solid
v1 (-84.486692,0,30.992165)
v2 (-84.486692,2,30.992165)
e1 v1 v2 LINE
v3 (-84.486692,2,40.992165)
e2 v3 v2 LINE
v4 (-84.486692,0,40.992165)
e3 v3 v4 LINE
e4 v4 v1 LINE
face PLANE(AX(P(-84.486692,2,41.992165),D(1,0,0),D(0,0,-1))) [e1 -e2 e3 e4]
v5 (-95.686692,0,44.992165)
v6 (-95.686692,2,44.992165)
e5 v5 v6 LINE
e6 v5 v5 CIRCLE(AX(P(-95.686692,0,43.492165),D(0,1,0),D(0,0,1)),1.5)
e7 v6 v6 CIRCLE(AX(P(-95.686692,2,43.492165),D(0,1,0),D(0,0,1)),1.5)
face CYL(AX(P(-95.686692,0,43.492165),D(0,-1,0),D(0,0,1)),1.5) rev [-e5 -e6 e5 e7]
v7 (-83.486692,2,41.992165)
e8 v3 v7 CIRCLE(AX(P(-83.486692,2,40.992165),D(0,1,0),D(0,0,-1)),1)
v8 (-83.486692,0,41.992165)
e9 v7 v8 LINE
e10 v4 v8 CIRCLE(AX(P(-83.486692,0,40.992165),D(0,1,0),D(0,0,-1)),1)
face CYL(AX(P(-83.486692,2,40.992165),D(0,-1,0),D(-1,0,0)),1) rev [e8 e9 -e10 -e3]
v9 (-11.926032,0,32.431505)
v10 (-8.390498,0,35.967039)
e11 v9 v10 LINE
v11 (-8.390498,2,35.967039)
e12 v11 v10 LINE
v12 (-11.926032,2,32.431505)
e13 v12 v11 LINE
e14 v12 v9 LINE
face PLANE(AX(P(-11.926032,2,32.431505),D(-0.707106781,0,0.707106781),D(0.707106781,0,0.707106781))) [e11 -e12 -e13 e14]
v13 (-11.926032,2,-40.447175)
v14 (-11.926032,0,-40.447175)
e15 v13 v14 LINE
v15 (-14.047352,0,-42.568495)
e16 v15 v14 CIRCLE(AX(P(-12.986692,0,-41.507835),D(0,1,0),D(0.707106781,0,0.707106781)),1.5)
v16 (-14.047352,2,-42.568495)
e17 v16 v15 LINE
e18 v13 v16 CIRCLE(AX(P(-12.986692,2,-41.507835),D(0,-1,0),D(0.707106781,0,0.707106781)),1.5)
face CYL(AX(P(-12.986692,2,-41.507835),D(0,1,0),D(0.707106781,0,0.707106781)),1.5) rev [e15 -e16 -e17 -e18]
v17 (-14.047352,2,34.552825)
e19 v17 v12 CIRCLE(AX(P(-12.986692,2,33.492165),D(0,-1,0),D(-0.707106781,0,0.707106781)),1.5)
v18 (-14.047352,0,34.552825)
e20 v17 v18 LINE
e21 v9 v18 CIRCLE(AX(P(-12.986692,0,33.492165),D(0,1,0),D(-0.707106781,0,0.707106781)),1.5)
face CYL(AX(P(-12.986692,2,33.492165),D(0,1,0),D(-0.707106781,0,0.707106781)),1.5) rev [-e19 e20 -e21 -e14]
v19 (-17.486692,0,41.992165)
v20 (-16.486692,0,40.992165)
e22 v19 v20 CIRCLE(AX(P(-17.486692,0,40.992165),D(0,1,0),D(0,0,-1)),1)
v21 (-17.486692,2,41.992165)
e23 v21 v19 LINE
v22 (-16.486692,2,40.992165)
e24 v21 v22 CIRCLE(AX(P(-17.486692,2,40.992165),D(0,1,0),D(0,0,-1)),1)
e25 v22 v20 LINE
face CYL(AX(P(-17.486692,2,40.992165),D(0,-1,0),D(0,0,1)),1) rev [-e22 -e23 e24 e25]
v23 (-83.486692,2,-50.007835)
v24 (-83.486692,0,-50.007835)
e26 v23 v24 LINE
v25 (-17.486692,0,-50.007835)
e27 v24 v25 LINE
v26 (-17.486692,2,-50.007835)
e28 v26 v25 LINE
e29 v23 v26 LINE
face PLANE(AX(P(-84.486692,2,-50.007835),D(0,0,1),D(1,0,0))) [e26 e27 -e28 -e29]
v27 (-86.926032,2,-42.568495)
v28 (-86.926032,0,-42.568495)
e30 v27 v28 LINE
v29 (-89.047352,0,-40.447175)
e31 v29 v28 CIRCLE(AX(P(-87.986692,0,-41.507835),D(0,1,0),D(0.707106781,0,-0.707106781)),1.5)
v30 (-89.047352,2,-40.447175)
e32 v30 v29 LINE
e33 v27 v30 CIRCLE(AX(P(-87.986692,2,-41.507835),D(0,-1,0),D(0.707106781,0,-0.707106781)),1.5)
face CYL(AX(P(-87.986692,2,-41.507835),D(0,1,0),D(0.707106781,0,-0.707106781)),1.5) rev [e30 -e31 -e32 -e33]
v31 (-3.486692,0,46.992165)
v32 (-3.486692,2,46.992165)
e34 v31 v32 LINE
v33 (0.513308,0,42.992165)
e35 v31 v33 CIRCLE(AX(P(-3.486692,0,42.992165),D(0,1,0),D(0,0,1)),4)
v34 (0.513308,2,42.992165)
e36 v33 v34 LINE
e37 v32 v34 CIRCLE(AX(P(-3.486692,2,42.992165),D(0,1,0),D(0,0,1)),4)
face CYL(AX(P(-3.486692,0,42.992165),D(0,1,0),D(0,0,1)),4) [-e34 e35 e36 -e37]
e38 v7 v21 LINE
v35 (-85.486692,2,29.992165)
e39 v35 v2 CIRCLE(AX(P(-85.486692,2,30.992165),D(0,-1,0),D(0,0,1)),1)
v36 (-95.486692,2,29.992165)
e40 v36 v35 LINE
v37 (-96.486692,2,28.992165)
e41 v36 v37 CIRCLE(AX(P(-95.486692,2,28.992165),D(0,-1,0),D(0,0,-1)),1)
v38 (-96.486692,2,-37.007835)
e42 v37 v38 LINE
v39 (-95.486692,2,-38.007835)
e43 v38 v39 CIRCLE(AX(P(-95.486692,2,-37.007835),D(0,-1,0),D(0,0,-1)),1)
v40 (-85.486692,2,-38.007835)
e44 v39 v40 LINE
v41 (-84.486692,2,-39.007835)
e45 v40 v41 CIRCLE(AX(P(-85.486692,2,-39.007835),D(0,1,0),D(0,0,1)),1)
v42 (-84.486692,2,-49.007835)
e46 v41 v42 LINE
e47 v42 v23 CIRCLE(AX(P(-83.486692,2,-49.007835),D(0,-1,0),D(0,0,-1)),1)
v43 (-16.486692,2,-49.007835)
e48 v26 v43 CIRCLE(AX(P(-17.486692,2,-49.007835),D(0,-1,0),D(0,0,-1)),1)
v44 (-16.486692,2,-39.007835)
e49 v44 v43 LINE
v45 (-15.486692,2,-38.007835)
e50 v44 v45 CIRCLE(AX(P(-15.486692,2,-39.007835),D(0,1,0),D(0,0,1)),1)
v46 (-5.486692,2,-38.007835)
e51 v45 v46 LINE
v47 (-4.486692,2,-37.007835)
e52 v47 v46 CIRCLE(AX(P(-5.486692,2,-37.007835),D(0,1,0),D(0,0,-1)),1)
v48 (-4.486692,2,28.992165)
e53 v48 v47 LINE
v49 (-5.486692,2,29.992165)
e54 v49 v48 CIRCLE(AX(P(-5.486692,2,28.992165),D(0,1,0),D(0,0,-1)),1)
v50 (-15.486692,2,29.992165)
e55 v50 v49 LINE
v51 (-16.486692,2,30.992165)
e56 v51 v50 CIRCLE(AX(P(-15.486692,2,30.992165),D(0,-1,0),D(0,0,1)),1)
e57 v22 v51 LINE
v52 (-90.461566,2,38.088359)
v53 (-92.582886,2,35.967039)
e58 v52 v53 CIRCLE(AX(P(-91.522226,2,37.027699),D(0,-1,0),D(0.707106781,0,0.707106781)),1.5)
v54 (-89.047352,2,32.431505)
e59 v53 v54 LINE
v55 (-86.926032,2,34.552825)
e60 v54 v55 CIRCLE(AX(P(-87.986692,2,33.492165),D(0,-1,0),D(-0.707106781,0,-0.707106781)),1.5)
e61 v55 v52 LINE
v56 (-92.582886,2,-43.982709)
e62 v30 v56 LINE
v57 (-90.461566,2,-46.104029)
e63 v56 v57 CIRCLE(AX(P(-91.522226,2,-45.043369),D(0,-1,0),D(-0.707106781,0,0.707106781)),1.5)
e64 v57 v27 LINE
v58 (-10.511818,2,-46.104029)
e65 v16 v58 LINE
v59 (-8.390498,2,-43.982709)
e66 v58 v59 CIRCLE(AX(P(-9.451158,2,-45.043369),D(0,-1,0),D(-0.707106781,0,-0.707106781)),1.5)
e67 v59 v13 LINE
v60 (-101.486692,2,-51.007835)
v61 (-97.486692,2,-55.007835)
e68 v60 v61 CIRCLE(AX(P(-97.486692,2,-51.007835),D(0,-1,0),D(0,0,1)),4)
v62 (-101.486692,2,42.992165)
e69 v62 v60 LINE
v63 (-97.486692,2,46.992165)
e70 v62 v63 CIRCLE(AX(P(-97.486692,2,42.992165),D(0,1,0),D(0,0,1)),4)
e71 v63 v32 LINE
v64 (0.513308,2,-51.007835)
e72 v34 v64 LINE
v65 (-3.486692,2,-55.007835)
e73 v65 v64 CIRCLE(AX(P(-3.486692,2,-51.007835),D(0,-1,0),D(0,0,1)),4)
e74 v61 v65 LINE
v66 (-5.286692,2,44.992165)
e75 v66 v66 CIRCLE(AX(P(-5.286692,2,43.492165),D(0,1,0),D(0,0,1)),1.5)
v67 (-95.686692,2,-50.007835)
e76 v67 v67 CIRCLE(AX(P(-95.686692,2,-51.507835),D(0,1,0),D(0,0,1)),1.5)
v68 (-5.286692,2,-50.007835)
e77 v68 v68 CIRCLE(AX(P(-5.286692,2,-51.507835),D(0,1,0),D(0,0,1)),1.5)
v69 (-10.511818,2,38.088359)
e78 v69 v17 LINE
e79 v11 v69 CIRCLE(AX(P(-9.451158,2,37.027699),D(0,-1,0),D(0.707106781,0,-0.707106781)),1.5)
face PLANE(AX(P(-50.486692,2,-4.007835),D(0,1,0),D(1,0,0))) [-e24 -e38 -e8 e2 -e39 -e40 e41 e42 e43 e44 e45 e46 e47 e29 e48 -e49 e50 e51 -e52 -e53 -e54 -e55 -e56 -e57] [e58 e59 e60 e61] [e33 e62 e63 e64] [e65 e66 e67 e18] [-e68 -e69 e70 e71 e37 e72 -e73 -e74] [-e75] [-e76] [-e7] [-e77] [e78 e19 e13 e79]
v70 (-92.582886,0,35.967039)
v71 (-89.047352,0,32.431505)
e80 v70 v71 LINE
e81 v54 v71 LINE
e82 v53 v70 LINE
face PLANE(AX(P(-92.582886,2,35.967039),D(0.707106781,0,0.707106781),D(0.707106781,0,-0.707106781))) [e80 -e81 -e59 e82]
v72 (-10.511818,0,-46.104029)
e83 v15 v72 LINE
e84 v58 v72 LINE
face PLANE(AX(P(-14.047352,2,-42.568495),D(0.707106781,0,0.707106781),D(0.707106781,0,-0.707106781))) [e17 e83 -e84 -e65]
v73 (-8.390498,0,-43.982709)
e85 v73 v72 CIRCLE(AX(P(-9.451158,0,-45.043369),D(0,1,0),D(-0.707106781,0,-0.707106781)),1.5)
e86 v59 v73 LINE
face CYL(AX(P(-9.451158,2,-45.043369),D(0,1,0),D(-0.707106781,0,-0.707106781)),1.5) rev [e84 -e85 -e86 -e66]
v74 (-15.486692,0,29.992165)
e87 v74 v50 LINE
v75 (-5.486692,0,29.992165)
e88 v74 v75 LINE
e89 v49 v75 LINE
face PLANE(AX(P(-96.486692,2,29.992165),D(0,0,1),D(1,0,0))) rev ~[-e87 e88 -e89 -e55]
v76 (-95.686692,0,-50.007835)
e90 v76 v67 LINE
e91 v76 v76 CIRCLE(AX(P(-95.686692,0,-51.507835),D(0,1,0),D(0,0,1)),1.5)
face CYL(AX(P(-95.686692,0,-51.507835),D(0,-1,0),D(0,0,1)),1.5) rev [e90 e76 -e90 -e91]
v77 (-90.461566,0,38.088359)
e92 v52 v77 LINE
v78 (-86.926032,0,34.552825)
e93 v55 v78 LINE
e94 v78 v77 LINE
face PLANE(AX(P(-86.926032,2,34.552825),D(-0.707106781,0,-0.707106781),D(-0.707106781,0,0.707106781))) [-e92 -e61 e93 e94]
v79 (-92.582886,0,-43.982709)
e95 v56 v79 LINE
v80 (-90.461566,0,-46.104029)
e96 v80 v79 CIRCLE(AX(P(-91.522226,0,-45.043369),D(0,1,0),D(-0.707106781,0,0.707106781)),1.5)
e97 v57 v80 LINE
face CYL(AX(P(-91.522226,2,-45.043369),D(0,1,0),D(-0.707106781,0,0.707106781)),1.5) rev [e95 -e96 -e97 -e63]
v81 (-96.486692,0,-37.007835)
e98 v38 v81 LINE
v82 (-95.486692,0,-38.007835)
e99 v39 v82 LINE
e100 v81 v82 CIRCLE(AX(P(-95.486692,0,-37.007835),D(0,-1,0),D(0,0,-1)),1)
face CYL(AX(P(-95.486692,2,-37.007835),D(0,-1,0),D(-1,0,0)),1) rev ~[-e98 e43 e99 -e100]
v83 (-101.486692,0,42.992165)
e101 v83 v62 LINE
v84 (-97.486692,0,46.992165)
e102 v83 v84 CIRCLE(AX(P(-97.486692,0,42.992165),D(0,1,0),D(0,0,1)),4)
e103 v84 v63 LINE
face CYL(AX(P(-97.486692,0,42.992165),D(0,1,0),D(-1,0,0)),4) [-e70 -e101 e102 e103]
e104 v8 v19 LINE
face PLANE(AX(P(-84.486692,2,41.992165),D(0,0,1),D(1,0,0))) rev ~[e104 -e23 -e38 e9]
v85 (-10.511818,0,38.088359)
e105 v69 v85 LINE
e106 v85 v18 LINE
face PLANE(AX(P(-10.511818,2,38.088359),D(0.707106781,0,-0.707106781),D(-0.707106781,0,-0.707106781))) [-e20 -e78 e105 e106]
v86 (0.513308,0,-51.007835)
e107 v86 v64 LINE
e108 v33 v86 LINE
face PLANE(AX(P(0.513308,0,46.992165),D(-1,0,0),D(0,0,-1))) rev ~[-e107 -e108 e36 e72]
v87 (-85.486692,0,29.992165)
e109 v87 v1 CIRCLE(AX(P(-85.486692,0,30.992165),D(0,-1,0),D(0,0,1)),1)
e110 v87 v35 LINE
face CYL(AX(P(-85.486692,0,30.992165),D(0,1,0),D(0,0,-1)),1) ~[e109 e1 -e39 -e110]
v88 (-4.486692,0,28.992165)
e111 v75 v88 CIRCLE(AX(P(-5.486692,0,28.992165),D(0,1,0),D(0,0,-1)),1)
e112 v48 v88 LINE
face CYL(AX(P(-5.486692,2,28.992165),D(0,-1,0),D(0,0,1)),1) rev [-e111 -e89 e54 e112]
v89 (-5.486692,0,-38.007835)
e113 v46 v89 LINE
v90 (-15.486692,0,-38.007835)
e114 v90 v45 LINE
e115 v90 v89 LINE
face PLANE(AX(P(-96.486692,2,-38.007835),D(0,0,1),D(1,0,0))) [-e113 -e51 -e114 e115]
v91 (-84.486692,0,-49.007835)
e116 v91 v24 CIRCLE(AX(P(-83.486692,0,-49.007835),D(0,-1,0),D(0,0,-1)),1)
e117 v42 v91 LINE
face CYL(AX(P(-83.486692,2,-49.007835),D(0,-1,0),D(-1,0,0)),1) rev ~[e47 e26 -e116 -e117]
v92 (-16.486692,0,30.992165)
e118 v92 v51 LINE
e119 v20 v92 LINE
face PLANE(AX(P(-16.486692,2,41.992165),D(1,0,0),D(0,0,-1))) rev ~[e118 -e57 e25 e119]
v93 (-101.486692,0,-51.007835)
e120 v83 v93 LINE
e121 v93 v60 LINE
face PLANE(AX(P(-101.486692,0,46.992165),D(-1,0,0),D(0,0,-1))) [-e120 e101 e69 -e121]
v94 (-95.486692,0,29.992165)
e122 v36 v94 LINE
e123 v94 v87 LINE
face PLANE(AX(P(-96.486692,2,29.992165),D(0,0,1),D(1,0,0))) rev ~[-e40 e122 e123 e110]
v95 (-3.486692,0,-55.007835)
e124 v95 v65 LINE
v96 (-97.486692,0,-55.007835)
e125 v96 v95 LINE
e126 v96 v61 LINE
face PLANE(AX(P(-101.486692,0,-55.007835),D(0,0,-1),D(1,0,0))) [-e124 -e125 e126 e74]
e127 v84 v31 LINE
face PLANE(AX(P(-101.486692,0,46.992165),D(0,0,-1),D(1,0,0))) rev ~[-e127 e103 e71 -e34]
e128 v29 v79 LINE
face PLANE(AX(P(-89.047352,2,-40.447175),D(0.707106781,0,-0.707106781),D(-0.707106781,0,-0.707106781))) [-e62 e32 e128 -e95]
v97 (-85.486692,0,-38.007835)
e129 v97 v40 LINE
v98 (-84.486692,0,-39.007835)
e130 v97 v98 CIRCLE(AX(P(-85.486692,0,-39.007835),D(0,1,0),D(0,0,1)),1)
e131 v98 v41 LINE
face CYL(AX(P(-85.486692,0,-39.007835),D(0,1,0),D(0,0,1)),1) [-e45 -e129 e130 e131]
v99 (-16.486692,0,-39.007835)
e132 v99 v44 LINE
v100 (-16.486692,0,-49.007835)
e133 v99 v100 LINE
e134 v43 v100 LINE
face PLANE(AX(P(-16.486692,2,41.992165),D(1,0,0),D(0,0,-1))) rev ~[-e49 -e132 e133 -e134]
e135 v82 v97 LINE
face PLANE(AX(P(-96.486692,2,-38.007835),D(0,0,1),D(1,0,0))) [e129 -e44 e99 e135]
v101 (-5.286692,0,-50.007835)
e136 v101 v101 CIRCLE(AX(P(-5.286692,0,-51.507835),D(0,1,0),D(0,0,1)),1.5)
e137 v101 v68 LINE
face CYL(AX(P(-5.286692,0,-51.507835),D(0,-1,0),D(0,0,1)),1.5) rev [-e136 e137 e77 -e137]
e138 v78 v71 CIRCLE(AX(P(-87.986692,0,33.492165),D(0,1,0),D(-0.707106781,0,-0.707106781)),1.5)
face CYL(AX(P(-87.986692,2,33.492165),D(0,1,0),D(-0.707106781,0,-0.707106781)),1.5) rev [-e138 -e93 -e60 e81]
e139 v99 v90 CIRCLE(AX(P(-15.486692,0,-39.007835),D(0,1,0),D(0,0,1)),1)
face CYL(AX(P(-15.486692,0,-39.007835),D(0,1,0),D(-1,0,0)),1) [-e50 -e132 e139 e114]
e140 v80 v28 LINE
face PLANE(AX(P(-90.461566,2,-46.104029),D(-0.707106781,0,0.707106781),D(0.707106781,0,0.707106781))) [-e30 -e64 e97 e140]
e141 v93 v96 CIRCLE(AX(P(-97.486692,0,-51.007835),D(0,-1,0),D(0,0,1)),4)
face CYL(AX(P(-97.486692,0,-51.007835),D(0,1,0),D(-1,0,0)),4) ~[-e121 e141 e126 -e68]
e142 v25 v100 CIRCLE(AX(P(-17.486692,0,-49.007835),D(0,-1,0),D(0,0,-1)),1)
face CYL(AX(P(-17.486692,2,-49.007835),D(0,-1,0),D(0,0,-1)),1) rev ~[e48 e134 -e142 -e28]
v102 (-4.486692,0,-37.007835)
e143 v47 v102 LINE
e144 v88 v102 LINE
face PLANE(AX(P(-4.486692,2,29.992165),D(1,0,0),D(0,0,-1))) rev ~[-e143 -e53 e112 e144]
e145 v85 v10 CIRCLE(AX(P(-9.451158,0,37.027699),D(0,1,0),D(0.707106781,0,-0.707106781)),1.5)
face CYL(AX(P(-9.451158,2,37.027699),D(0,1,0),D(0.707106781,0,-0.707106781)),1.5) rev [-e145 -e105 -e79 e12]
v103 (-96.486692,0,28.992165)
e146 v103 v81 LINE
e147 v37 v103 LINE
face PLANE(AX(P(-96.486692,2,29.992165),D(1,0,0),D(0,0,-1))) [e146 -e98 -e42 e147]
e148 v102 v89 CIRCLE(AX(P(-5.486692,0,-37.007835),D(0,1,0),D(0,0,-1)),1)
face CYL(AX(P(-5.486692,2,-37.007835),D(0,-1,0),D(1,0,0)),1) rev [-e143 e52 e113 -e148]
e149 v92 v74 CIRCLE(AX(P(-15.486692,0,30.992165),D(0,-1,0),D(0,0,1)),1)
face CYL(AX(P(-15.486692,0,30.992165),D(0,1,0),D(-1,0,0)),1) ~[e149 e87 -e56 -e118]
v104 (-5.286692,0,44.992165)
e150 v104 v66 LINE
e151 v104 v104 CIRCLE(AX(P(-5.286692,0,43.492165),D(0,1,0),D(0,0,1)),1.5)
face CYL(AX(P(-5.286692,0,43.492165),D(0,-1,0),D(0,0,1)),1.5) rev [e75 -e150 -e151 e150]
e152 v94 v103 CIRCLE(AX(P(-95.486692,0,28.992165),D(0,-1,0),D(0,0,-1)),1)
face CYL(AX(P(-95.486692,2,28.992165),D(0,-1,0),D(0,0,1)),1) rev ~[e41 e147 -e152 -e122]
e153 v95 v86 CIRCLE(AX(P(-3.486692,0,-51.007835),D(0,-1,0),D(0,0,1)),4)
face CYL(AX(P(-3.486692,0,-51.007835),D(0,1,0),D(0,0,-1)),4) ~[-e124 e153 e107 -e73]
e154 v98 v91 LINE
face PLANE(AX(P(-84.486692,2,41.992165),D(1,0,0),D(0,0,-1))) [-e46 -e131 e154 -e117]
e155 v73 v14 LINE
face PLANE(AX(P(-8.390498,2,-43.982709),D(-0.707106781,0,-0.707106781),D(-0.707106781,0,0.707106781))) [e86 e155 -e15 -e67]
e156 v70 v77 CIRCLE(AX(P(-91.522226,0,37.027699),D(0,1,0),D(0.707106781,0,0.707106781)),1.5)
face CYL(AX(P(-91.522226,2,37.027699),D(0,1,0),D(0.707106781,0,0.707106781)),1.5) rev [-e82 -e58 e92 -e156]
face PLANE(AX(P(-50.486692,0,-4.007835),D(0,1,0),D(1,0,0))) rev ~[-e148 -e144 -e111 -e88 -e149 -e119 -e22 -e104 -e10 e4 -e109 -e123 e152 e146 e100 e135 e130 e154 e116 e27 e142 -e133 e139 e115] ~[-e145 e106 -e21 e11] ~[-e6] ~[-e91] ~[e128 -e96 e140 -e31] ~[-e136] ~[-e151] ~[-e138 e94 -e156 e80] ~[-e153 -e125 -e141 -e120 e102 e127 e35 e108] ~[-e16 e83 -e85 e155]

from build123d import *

# Parameters (mm, degrees)
SKETCH_1_W          = 102
SKETCH_1_H          = 102
SKETCH_1_R          = 1.5
SKETCH_1_R_2        = 1
EXTRUDE_1_DEPTH     = 2
SKETCH_2_W          = 92
SKETCH_2_H          = 68
CUT_EXTRUDE_1_DEPTH = 10
SKETCH_3_W          = 68
SKETCH_3_H          = 92
CUT_EXTRUDE_2_DEPTH = 10
FILLET_1_R          = 4
CUT_EXTRUDE_3_DEPTH = 10
FILLET_2_R          = 1


with BuildPart() as part:
    # 草图1 → 凸台-拉伸1 (new body)
    with BuildSketch(Plane(origin=(0, 0, 0), x_dir=(1, 0, 0), z_dir=(0, 1, 0))):
        with Locations((-50.486691813, 4.007835052)):
            Rectangle(SKETCH_1_W, SKETCH_1_H)
        with Locations(Location((-95.686691813, -43.492164948, 0), (0, 0, 270))):
            Circle(SKETCH_1_R, mode=Mode.SUBTRACT)
        with Locations(Location((-95.686691813, 51.507835052, 0), (0, 0, 270))):
            Circle(SKETCH_1_R, mode=Mode.SUBTRACT)
        with Locations(Location((-5.286691813, -43.492164948, 0), (0, 0, 270))):
            Circle(SKETCH_1_R, mode=Mode.SUBTRACT)
        with Locations(Location((-5.286691813, 51.507835052, 0), (0, 0, 270))):
            Circle(SKETCH_1_R, mode=Mode.SUBTRACT)
        with Locations(Location((-90.486691813, -35.992164948, 0), (0, 0, 270))):
            Circle(SKETCH_1_R_2, mode=Mode.SUBTRACT)
        with Locations(Location((-90.486691813, 44.007835052, 0), (0, 0, 270))):
            Circle(SKETCH_1_R_2, mode=Mode.SUBTRACT)
        with Locations(Location((-10.486691813, -35.992164948, 0), (0, 0, 270))):
            Circle(SKETCH_1_R_2, mode=Mode.SUBTRACT)
        with Locations(Location((-10.486691813, 44.007835052, 0), (0, 0, 270))):
            Circle(SKETCH_1_R_2, mode=Mode.SUBTRACT)
    extrude(amount=EXTRUDE_1_DEPTH)

    # 草图2 → 切除-拉伸1 (cut)
    with BuildSketch(Plane(origin=(0, 2, 0), x_dir=(1, 0, 0), z_dir=(0, 1, 0))):
        with Locations((-50.486691813, 4.007835052)):
            Rectangle(SKETCH_2_W, SKETCH_2_H)
    extrude(amount=-CUT_EXTRUDE_1_DEPTH, mode=Mode.SUBTRACT)

    # 草图3 → 切除-拉伸2 (cut)
    with BuildSketch(Plane(origin=(0, 2, 0), x_dir=(1, 0, 0), z_dir=(0, 1, 0))):
        with Locations((-50.486691813, 4.007835052)):
            Rectangle(SKETCH_3_W, SKETCH_3_H)
    extrude(amount=-CUT_EXTRUDE_2_DEPTH, mode=Mode.SUBTRACT)

    # 圆角1
    fillet_1_edges = [part.edges().sort_by_distance(p)[0] for p in [
        (0.513308187, 1, -55.007835052),
        (0.513308187, 1, 46.992164948),
        (-101.486691813, 1, 46.992164948),
        (-101.486691813, 1, -55.007835052),
    ]]
    fillet(fillet_1_edges, radius=FILLET_1_R)

    # 草图4 → 切除-拉伸3 (cut)
    with BuildSketch(Plane(origin=(0, 2, 0), x_dir=(1, 0, 0), z_dir=(0, 1, 0))):
        with BuildLine():
            Line((-89.047351985, 40.44717488), (-92.58288589, 43.982708786))
            ThreePointArc((-92.58288589, 43.982708786), (-92.58288589, 46.104029129), (-90.461565547, 46.104029129))
            Line((-90.461565547, 46.104029129), (-86.926031641, 42.568495223))
            ThreePointArc((-86.926031641, 42.568495223), (-86.926031641, 40.44717488), (-89.047351985, 40.44717488))
        make_face()
        with BuildLine():
            Line((-14.047351985, 42.568495223), (-10.511818079, 46.104029129))
            ThreePointArc((-10.511818079, 46.104029129), (-8.390497735, 46.104029129), (-8.390497735, 43.982708786))
            Line((-8.390497735, 43.982708786), (-11.926031641, 40.44717488))
            ThreePointArc((-11.926031641, 40.44717488), (-14.047351985, 40.44717488), (-14.047351985, 42.568495223))
        make_face()
        with BuildLine():
            Line((-11.926031641, -32.431504777), (-8.390497735, -35.967038683))
            ThreePointArc((-8.390497735, -35.967038683), (-8.390497735, -38.088359026), (-10.511818079, -38.088359026))
            Line((-10.511818079, -38.088359026), (-14.047351985, -34.55282512))
            ThreePointArc((-14.047351985, -34.55282512), (-14.047351985, -32.431504777), (-11.926031641, -32.431504777))
        make_face()
        with BuildLine():
            Line((-86.926031641, -34.55282512), (-90.461565547, -38.088359026))
            ThreePointArc((-90.461565547, -38.088359026), (-92.58288589, -38.088359026), (-92.58288589, -35.967038683))
            Line((-92.58288589, -35.967038683), (-89.047351985, -32.431504777))
            ThreePointArc((-89.047351985, -32.431504777), (-86.926031641, -32.431504777), (-86.926031641, -34.55282512))
        make_face()
    extrude(amount=-CUT_EXTRUDE_3_DEPTH, mode=Mode.SUBTRACT)

    # 圆角2
    fillet_2_edges = [part.edges().sort_by_distance(p)[0] for p in [
        (-96.486691813, 1, 29.992164948),
        (-96.486691813, 1, -38.007835052),
        (-4.486691813, 1, -38.007835052),
        (-4.486691813, 1, 29.992164948),
        (-16.486691813, 1, 29.992164948),
        (-84.486691813, 1, 29.992164948),
        (-84.486691813, 1, -38.007835052),
        (-16.486691813, 1, -50.007835052),
        (-16.486691813, 1, -38.007835052),
        (-84.486691813, 1, 41.992164948),
        (-84.486691813, 1, -50.007835052),
        (-16.486691813, 1, 41.992164948),
    ]]
    fillet(fillet_2_edges, radius=FILLET_2_R)


solid = part.part
